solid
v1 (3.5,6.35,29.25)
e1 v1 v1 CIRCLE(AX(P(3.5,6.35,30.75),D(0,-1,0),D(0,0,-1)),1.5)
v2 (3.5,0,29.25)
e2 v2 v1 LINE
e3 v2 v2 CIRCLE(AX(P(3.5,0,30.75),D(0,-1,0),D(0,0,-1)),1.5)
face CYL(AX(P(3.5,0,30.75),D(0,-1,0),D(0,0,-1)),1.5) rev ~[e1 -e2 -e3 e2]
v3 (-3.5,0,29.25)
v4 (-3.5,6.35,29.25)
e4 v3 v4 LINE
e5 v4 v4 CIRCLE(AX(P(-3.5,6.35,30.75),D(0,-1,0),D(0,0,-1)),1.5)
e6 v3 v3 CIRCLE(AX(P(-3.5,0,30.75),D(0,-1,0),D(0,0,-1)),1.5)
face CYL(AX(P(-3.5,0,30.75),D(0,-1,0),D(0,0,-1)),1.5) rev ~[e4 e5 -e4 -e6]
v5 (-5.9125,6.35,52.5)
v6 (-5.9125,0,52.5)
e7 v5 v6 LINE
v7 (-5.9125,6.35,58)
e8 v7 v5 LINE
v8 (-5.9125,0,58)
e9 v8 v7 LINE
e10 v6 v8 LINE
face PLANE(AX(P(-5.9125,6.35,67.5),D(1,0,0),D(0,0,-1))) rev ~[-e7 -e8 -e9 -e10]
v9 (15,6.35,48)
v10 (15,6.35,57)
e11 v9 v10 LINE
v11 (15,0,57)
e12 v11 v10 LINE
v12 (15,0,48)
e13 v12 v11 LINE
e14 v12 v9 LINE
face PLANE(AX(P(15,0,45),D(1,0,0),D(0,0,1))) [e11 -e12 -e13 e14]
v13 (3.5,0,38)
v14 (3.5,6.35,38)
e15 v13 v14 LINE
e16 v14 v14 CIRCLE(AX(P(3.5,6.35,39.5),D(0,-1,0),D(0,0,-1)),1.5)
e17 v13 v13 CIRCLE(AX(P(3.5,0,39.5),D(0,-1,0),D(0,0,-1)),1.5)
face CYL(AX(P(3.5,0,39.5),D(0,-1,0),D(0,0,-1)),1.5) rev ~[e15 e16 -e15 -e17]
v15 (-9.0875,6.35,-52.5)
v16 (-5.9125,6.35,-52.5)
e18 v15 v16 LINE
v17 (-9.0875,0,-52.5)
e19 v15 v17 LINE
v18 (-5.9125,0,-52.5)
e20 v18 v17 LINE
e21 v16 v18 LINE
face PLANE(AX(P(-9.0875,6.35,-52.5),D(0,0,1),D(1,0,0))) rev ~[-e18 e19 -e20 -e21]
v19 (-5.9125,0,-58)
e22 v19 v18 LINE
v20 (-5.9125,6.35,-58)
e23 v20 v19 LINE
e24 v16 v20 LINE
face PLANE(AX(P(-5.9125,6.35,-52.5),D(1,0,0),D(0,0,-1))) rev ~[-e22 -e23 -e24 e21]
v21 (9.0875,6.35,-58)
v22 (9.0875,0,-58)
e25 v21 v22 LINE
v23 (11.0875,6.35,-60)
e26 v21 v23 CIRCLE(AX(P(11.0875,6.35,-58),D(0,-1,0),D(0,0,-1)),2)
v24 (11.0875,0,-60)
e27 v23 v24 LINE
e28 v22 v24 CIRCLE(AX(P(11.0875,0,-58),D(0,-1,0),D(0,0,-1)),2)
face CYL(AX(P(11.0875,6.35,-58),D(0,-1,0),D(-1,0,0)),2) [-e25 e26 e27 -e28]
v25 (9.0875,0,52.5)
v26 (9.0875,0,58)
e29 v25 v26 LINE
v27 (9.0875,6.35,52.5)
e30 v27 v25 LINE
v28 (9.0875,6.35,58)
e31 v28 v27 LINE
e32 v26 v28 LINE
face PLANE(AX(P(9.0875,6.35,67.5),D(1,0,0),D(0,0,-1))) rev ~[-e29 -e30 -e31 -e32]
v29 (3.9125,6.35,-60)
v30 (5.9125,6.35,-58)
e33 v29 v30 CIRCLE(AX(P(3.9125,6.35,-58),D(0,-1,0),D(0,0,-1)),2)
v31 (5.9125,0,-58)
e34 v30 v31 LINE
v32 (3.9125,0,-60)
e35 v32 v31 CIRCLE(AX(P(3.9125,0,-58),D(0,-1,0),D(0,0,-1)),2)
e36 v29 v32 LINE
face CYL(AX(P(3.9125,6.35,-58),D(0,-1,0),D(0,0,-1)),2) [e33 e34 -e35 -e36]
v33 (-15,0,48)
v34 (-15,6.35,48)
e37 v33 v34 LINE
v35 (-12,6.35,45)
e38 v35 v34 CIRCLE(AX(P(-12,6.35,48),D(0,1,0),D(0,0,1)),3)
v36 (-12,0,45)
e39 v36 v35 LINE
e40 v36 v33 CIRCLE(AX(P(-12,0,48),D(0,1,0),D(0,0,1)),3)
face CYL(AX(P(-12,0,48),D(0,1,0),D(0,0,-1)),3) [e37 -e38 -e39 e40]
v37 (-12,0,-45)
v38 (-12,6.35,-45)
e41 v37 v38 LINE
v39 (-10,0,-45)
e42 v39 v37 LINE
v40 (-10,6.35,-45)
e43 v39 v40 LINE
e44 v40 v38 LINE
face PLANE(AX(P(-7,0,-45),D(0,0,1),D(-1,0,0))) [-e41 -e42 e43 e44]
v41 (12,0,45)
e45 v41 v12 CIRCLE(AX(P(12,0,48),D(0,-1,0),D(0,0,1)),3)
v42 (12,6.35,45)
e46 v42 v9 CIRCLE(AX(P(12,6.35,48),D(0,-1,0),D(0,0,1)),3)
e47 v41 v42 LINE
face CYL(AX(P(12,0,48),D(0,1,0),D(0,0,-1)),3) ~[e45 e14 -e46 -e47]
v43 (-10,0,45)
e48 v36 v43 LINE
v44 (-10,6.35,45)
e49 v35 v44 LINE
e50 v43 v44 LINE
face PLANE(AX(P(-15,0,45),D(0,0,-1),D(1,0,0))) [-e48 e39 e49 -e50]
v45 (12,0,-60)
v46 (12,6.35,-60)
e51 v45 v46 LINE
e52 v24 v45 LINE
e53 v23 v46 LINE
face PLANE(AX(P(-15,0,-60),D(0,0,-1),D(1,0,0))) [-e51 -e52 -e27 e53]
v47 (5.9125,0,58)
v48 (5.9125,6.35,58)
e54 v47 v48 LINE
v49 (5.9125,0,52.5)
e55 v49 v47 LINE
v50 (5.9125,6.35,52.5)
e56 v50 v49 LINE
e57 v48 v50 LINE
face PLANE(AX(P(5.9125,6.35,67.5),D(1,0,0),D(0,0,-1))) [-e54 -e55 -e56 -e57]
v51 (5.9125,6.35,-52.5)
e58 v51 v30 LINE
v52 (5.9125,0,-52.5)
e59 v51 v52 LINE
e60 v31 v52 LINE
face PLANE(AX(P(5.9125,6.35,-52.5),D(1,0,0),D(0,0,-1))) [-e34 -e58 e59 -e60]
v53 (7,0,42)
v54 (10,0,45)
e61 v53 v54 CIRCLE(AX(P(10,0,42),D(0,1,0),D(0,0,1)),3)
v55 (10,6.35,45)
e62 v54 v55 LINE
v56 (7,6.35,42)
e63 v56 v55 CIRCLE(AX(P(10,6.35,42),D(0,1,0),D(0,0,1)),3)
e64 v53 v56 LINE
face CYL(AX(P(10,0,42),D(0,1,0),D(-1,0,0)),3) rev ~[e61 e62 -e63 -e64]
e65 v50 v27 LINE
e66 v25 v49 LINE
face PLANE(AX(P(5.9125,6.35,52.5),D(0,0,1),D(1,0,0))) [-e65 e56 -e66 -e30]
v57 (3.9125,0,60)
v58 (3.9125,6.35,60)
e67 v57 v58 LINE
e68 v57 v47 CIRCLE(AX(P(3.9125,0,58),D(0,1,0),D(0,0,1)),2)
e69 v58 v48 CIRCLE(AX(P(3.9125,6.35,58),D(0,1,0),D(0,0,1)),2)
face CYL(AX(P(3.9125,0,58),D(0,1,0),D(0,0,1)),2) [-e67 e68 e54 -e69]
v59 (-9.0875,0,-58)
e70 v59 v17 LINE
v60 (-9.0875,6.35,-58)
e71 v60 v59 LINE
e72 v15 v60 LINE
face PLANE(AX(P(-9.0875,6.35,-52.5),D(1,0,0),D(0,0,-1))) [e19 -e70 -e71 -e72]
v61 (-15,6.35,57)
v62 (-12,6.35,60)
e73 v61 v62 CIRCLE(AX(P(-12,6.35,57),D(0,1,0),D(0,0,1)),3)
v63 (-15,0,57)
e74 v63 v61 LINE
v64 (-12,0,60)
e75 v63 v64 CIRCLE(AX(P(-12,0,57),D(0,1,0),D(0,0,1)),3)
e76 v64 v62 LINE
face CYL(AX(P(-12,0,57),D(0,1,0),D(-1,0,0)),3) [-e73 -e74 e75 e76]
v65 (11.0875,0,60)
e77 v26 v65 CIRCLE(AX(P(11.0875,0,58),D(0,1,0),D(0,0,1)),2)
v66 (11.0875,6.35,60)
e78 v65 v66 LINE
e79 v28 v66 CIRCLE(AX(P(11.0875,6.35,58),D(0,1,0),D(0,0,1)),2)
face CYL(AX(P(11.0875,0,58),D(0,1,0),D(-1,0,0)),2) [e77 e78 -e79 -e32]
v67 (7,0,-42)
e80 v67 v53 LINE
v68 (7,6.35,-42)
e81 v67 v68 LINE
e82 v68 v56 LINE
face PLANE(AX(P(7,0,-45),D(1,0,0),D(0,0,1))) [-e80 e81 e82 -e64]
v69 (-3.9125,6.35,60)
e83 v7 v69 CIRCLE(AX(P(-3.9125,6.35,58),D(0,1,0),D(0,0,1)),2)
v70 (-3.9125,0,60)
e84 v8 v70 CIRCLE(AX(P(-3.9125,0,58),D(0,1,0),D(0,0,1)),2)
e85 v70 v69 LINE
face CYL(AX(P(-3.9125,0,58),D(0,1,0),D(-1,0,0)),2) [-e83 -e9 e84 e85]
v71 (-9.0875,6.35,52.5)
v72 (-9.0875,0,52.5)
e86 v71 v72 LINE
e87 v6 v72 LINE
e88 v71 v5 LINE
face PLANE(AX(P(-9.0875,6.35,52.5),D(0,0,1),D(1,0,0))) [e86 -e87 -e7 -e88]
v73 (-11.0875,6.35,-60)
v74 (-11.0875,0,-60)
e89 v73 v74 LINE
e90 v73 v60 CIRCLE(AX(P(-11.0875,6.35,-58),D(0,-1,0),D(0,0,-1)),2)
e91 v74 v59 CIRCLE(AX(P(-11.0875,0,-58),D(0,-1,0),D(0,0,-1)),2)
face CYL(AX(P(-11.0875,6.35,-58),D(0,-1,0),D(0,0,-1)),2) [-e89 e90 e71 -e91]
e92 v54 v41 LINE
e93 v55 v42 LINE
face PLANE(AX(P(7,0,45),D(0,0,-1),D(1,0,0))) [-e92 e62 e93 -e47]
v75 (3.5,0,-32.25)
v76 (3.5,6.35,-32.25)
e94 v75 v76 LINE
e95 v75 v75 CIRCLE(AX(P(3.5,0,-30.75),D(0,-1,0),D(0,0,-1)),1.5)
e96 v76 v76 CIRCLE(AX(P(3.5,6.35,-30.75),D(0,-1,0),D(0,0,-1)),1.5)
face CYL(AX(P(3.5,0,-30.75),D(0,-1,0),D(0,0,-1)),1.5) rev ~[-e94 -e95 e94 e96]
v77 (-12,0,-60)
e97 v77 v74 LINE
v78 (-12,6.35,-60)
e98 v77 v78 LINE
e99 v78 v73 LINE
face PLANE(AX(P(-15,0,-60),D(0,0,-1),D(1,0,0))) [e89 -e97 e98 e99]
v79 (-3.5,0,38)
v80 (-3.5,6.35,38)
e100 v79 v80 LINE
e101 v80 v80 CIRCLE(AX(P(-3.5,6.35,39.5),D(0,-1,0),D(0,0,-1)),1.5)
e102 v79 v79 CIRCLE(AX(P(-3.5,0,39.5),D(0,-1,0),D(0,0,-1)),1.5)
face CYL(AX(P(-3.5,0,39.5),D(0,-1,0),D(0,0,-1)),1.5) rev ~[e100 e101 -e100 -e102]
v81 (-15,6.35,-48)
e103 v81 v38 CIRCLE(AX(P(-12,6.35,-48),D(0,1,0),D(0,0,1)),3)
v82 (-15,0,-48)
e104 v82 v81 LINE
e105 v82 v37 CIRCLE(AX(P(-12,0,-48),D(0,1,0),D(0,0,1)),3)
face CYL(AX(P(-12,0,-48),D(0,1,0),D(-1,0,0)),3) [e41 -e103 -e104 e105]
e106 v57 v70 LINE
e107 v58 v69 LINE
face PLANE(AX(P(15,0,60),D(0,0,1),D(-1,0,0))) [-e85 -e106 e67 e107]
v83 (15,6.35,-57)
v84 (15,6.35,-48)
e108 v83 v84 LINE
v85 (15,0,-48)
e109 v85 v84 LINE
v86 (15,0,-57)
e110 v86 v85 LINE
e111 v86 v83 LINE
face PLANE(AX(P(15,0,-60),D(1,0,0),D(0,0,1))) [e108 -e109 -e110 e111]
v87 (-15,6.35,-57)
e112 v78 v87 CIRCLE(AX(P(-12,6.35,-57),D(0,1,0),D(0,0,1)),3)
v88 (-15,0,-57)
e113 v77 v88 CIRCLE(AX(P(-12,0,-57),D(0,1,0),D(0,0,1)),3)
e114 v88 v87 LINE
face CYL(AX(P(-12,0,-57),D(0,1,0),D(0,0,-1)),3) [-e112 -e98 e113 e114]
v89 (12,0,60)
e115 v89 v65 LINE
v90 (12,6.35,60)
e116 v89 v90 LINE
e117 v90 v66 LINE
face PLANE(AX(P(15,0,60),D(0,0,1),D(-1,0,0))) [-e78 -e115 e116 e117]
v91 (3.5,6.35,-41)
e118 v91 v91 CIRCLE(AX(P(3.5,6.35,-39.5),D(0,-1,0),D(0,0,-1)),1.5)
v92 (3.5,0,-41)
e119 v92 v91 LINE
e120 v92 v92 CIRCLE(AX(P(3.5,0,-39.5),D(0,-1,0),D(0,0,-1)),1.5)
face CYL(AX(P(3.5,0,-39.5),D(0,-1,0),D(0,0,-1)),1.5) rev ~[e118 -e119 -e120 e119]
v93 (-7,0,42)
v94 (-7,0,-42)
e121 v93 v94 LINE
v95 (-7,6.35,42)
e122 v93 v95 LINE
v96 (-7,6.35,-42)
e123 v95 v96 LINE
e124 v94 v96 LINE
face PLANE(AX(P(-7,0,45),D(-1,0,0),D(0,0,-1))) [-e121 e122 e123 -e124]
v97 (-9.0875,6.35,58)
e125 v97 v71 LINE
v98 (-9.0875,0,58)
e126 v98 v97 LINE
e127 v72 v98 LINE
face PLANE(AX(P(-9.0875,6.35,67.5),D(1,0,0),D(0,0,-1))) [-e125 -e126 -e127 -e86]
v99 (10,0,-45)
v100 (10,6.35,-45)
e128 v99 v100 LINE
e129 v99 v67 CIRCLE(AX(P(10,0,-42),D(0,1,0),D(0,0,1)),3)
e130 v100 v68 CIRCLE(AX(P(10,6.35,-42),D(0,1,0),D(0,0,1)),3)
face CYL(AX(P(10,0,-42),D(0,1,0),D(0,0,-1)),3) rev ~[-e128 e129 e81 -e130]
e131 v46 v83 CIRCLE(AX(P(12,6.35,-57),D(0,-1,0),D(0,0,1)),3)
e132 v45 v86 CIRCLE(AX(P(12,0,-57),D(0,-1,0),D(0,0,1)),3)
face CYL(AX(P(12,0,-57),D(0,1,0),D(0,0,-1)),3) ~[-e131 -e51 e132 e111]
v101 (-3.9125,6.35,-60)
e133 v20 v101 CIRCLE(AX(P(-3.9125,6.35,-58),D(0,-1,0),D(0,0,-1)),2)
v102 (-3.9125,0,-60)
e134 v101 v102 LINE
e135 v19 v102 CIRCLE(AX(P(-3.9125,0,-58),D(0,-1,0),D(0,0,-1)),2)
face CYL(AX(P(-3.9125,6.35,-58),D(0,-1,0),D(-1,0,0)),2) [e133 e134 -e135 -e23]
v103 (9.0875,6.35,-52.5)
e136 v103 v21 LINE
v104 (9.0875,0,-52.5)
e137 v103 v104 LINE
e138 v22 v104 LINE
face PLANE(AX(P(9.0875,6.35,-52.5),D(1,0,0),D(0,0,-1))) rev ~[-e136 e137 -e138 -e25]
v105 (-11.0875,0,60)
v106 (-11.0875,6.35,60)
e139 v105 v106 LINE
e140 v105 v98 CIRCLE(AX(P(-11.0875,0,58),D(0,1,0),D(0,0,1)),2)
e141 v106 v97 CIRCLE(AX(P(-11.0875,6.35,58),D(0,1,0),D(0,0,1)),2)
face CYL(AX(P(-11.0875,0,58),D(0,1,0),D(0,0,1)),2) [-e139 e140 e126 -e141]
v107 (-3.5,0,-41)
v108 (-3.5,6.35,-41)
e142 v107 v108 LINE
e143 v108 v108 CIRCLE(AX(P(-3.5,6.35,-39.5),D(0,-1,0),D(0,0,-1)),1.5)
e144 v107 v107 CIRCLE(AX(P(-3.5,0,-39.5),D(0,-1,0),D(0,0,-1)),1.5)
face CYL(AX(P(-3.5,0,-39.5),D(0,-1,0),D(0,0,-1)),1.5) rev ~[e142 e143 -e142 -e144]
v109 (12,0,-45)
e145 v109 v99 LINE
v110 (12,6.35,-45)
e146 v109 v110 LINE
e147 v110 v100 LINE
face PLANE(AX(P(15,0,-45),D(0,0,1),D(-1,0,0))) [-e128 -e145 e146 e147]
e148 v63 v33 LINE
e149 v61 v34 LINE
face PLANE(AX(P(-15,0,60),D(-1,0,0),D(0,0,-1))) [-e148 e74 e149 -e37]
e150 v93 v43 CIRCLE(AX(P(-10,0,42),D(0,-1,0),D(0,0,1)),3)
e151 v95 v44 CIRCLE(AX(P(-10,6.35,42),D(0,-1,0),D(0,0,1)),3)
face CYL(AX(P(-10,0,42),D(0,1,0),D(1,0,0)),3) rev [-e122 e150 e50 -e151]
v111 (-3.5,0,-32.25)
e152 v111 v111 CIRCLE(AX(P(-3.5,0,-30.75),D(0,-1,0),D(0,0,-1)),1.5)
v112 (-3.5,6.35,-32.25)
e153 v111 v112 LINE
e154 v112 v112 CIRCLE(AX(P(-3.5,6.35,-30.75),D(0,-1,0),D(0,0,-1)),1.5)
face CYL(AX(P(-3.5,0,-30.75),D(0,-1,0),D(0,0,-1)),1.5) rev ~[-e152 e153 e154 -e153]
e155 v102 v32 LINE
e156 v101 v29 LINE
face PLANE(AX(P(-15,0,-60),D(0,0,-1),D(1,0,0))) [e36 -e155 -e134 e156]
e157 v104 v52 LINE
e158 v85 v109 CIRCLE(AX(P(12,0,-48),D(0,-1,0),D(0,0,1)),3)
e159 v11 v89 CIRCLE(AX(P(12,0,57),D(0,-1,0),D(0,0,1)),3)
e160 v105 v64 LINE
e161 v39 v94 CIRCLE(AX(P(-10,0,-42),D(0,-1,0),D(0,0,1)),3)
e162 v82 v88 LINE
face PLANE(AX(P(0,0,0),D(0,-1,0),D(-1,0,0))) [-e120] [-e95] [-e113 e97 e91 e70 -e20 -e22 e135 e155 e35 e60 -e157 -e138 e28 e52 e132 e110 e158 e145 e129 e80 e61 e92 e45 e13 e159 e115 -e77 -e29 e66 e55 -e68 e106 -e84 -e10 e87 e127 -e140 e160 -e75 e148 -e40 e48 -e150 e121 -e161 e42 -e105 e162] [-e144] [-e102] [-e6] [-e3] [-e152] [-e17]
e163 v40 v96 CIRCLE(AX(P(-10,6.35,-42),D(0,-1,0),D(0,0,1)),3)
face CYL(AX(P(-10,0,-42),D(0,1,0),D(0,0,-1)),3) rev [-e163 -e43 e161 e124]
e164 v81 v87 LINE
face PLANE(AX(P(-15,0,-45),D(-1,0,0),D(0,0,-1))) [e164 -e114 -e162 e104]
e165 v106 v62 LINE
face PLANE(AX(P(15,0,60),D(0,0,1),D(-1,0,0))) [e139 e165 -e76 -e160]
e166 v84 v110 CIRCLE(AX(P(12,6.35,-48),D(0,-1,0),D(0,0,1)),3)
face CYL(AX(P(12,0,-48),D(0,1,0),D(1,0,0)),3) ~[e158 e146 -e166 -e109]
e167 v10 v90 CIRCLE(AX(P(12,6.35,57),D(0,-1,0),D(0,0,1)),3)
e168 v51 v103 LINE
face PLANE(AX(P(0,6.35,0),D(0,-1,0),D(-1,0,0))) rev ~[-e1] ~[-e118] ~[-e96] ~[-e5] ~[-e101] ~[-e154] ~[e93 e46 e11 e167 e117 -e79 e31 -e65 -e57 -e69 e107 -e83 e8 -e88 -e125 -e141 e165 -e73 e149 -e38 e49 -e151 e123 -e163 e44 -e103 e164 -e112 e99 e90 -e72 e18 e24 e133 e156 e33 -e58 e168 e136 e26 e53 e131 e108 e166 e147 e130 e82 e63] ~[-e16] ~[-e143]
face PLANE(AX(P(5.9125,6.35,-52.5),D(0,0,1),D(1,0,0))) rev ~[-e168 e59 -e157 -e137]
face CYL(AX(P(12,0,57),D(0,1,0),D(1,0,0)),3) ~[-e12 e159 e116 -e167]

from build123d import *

# Parameters (mm, degrees)
BOSS_EXTRUDE1_DEPTH = 6.35
SKETCH2_W           = 3.175
SKETCH2_H           = 15
CUT_EXTRUDE1_DEPTH  = 63.171717847
SKETCH5_R           = 1.5
CUT_EXTRUDE2_DEPTH  = 10
FILLET1_R           = 2
FILLET2_R           = 3


with BuildPart() as part:
    # Sketch1 → Boss-Extrude1 (new body)
    with BuildSketch(Plane(origin=(0, 0, 0), x_dir=(1, 0, 0), z_dir=(0, 1, 0))):
        Polygon((-15, 60), (15, 60), (15, 45), (7, 45), (7, -45), (15, -45), (15, -60), (-15, -60), (-15, -45), (-7, -45), (-7, 45), (-15, 45), align=None)
    extrude(amount=BOSS_EXTRUDE1_DEPTH)

    # Sketch2 → Cut-Extrude1 (cut, through all)
    with BuildSketch(Plane(origin=(0, 6.35, 0), x_dir=(1, 0, 0), z_dir=(0, 1, 0))):
        with Locations((7.5, 60)):
            Rectangle(SKETCH2_W, SKETCH2_H)
        with Locations((-7.5, 60)):
            Rectangle(SKETCH2_W, SKETCH2_H)
        with Locations((7.5, -60)):
            Rectangle(SKETCH2_W, SKETCH2_H)
        with Locations((-7.5, -60)):
            Rectangle(SKETCH2_W, SKETCH2_H)
    extrude(amount=-CUT_EXTRUDE1_DEPTH, mode=Mode.SUBTRACT)

    # Sketch5 → Cut-Extrude2 (cut)
    with BuildSketch(Plane.XZ):
        with Locations(Location((3.5, -39.5, 0), (0, 0, 270))):
            Circle(SKETCH5_R)
        with Locations(Location((-3.5, -39.5, 0), (0, 0, 270))):
            Circle(SKETCH5_R)
        with Locations(Location((-3.5, -30.75, 0), (0, 0, 270))):
            Circle(SKETCH5_R)
        with Locations(Location((3.5, 30.75, 0), (0, 0, 270))):
            Circle(SKETCH5_R)
        with Locations(Location((-3.5, 30.75, 0), (0, 0, 270))):
            Circle(SKETCH5_R)
        with Locations(Location((3.5, 39.5, 0), (0, 0, 270))):
            Circle(SKETCH5_R)
        with Locations(Location((-3.5, 39.5, 0), (0, 0, 270))):
            Circle(SKETCH5_R)
        with Locations(Location((3.5, -30.75, 0), (0, 0, 270))):
            Circle(SKETCH5_R)
    extrude(amount=-CUT_EXTRUDE2_DEPTH, mode=Mode.SUBTRACT)

    # Fillet1
    fillet1_edges = [part.edges().sort_by_distance(p)[0] for p in [
        (-5.9125, 3.175, -60),
        (-9.0875, 3.175, -60),
        (5.9125, 3.175, 60),
        (9.0875, 3.175, 60),
        (-5.9125, 3.175, 60),
        (-9.0875, 3.175, 60),
        (9.0875, 3.175, -60),
        (5.9125, 3.175, -60),
    ]]
    fillet(fillet1_edges, radius=FILLET1_R)

    # Fillet2
    fillet2_edges = [part.edges().sort_by_distance(p)[0] for p in [
        (7, 3.175, -45),
        (7, 3.175, 45),
        (15, 3.175, 45),
        (15, 3.175, 60),
        (-15, 3.175, 60),
        (-15, 3.175, 45),
        (-7, 3.175, 45),
        (-7, 3.175, -45),
        (-15, 3.175, -45),
        (-15, 3.175, -60),
        (15, 3.175, -60),
        (15, 3.175, -45),
    ]]
    fillet(fillet2_edges, radius=FILLET2_R)


solid = part.part
